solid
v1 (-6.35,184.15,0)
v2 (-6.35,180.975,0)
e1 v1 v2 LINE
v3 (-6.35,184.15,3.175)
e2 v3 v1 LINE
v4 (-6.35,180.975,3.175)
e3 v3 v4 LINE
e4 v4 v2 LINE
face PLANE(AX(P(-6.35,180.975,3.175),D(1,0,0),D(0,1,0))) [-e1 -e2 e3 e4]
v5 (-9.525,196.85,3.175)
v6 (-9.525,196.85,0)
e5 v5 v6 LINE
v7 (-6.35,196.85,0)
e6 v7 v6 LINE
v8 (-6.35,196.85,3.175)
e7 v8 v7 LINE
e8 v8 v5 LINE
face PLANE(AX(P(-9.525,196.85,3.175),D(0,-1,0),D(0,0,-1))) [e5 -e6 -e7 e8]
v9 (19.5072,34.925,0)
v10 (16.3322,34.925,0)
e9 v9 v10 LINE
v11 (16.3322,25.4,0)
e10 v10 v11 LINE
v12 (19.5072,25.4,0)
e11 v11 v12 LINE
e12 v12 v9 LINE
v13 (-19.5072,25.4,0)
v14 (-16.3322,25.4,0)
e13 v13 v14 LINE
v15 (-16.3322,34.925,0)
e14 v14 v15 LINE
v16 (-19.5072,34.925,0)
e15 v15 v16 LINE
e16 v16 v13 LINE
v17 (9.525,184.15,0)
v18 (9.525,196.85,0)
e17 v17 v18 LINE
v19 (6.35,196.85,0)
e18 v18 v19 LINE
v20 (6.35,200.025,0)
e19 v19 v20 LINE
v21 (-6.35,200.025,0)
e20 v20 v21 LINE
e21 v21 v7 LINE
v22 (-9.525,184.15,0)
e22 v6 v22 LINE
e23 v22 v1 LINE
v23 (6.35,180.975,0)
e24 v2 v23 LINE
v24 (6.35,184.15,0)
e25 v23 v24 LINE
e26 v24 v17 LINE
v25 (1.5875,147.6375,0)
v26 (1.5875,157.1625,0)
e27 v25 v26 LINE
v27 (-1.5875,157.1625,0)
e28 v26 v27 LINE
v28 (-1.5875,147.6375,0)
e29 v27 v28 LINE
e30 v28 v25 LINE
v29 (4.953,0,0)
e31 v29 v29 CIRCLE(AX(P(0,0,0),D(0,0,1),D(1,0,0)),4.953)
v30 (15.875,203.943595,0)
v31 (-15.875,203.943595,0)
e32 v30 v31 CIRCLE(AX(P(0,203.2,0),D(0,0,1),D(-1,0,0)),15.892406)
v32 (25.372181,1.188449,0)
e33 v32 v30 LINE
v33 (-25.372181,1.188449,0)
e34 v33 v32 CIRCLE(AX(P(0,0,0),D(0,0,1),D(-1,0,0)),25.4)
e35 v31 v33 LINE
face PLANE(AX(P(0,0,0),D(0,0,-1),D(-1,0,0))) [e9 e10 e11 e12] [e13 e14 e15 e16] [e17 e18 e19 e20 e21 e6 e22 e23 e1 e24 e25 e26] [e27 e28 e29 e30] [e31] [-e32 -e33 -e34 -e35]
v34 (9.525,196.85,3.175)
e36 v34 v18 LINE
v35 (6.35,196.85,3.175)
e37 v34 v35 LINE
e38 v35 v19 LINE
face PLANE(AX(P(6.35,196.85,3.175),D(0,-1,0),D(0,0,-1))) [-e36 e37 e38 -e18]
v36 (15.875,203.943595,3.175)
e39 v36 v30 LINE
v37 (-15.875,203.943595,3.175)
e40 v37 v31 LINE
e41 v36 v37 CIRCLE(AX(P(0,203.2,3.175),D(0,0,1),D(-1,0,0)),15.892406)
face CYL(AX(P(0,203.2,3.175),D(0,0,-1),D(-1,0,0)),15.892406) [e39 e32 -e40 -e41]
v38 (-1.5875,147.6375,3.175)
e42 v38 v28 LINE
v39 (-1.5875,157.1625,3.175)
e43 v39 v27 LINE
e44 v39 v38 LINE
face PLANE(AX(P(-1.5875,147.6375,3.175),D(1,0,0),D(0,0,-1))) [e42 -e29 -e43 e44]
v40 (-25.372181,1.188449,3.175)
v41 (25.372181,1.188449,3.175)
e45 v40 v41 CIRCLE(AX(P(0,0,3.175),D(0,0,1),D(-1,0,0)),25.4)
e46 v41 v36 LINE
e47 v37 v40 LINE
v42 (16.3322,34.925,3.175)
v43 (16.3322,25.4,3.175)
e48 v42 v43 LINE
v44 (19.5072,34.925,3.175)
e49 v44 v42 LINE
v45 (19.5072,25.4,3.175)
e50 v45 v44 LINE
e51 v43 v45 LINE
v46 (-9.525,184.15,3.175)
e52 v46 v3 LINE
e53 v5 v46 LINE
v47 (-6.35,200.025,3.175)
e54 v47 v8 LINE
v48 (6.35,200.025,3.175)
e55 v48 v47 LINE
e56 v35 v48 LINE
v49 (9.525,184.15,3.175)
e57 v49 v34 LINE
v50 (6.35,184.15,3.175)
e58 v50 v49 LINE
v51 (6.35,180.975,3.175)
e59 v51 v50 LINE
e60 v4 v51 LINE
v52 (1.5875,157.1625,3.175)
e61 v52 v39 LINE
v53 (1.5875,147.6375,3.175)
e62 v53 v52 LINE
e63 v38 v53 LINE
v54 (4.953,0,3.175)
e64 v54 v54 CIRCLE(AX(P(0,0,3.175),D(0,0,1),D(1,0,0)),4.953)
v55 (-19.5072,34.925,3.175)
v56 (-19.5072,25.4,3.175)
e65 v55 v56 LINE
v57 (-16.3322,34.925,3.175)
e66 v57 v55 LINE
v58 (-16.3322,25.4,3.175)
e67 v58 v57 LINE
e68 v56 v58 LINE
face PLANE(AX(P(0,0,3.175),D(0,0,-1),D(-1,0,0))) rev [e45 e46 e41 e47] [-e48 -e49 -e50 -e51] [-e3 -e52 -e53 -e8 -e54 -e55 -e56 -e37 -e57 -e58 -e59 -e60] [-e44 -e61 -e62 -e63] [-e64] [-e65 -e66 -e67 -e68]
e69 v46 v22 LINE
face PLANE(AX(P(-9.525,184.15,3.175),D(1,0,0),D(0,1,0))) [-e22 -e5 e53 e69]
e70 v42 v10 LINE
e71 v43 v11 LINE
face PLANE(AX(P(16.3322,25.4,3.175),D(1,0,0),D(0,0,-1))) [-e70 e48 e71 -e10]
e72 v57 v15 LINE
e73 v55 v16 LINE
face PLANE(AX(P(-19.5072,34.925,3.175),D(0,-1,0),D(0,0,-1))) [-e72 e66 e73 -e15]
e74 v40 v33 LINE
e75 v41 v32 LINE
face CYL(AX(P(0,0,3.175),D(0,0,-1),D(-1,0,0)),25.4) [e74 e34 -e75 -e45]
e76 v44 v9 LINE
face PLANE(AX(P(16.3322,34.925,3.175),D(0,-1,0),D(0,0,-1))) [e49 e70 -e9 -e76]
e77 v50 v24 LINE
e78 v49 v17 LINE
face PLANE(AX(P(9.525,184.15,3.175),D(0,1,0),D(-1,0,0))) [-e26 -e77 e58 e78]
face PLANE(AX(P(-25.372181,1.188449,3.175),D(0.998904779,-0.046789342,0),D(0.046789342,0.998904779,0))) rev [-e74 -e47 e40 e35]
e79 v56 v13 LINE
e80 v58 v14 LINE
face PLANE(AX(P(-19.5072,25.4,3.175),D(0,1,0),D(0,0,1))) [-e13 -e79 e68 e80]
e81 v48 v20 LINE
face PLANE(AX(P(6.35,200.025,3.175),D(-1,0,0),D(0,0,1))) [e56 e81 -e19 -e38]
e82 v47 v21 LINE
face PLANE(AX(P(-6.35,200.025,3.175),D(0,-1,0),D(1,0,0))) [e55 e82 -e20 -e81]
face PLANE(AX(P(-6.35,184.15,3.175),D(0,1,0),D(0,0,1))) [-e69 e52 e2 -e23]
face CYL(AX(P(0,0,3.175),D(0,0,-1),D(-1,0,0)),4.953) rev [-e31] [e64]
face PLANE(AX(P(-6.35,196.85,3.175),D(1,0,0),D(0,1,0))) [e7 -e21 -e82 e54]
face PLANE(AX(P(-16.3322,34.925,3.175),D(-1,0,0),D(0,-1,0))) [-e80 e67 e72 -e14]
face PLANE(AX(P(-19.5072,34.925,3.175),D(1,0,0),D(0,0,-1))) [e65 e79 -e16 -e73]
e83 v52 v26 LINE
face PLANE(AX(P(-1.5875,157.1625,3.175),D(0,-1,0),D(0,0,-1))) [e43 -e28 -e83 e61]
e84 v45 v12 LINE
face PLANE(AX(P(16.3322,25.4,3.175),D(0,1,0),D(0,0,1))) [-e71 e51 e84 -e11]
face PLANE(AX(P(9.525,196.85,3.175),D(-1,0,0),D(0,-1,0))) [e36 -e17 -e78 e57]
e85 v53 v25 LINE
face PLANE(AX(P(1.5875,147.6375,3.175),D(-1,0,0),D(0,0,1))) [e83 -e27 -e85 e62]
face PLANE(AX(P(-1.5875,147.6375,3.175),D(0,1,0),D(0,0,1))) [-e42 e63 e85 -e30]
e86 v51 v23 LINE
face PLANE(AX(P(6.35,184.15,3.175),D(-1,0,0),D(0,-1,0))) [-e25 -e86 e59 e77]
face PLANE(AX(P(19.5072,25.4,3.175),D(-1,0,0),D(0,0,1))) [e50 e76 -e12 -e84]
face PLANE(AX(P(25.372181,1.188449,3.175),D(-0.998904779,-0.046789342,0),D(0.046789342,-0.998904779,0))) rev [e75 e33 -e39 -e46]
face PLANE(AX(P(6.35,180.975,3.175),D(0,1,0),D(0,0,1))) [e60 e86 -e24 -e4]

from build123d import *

# Parameters (mm, degrees)
SKETCH1_R           = 4.953
SKETCH1_W           = 3.175
SKETCH1_H           = 9.525
BOSS_EXTRUDE1_DEPTH = 3.175


with BuildPart() as part:
    # Sketch1 → Boss-Extrude1 (new body)
    with BuildSketch(Plane.XY):
        with BuildLine():
            Line((-25.372181386, 1.188449288), (-15.875, 203.943595206))
            ThreePointArc((-15.875, 203.943595206), (0, 219.092405697), (15.875, 203.943595206))
            Line((15.875, 203.943595206), (25.372181386, 1.188449288))
            ThreePointArc((25.372181386, 1.188449288), (0, -25.4), (-25.372181386, 1.188449288))
        make_face()
        Circle(SKETCH1_R, mode=Mode.SUBTRACT)
        Polygon((-6.35, 200.025), (6.35, 200.025), (6.35, 196.85), (9.525, 196.85), (9.525, 184.15), (6.35, 184.15), (6.35, 180.975), (-6.35, 180.975), (-6.35, 184.15), (-9.525, 184.15), (-9.525, 196.85), (-6.35, 196.85), align=None, mode=Mode.SUBTRACT)
        with Locations((-17.9197, 30.1625)):
            Rectangle(SKETCH1_W, SKETCH1_H, mode=Mode.SUBTRACT)
        with Locations((0, 152.4)):
            Rectangle(SKETCH1_W, SKETCH1_H, mode=Mode.SUBTRACT)
        with Locations((17.9197, 30.1625)):
            Rectangle(SKETCH1_W, SKETCH1_H, mode=Mode.SUBTRACT)
    extrude(amount=BOSS_EXTRUDE1_DEPTH)


solid = part.part
